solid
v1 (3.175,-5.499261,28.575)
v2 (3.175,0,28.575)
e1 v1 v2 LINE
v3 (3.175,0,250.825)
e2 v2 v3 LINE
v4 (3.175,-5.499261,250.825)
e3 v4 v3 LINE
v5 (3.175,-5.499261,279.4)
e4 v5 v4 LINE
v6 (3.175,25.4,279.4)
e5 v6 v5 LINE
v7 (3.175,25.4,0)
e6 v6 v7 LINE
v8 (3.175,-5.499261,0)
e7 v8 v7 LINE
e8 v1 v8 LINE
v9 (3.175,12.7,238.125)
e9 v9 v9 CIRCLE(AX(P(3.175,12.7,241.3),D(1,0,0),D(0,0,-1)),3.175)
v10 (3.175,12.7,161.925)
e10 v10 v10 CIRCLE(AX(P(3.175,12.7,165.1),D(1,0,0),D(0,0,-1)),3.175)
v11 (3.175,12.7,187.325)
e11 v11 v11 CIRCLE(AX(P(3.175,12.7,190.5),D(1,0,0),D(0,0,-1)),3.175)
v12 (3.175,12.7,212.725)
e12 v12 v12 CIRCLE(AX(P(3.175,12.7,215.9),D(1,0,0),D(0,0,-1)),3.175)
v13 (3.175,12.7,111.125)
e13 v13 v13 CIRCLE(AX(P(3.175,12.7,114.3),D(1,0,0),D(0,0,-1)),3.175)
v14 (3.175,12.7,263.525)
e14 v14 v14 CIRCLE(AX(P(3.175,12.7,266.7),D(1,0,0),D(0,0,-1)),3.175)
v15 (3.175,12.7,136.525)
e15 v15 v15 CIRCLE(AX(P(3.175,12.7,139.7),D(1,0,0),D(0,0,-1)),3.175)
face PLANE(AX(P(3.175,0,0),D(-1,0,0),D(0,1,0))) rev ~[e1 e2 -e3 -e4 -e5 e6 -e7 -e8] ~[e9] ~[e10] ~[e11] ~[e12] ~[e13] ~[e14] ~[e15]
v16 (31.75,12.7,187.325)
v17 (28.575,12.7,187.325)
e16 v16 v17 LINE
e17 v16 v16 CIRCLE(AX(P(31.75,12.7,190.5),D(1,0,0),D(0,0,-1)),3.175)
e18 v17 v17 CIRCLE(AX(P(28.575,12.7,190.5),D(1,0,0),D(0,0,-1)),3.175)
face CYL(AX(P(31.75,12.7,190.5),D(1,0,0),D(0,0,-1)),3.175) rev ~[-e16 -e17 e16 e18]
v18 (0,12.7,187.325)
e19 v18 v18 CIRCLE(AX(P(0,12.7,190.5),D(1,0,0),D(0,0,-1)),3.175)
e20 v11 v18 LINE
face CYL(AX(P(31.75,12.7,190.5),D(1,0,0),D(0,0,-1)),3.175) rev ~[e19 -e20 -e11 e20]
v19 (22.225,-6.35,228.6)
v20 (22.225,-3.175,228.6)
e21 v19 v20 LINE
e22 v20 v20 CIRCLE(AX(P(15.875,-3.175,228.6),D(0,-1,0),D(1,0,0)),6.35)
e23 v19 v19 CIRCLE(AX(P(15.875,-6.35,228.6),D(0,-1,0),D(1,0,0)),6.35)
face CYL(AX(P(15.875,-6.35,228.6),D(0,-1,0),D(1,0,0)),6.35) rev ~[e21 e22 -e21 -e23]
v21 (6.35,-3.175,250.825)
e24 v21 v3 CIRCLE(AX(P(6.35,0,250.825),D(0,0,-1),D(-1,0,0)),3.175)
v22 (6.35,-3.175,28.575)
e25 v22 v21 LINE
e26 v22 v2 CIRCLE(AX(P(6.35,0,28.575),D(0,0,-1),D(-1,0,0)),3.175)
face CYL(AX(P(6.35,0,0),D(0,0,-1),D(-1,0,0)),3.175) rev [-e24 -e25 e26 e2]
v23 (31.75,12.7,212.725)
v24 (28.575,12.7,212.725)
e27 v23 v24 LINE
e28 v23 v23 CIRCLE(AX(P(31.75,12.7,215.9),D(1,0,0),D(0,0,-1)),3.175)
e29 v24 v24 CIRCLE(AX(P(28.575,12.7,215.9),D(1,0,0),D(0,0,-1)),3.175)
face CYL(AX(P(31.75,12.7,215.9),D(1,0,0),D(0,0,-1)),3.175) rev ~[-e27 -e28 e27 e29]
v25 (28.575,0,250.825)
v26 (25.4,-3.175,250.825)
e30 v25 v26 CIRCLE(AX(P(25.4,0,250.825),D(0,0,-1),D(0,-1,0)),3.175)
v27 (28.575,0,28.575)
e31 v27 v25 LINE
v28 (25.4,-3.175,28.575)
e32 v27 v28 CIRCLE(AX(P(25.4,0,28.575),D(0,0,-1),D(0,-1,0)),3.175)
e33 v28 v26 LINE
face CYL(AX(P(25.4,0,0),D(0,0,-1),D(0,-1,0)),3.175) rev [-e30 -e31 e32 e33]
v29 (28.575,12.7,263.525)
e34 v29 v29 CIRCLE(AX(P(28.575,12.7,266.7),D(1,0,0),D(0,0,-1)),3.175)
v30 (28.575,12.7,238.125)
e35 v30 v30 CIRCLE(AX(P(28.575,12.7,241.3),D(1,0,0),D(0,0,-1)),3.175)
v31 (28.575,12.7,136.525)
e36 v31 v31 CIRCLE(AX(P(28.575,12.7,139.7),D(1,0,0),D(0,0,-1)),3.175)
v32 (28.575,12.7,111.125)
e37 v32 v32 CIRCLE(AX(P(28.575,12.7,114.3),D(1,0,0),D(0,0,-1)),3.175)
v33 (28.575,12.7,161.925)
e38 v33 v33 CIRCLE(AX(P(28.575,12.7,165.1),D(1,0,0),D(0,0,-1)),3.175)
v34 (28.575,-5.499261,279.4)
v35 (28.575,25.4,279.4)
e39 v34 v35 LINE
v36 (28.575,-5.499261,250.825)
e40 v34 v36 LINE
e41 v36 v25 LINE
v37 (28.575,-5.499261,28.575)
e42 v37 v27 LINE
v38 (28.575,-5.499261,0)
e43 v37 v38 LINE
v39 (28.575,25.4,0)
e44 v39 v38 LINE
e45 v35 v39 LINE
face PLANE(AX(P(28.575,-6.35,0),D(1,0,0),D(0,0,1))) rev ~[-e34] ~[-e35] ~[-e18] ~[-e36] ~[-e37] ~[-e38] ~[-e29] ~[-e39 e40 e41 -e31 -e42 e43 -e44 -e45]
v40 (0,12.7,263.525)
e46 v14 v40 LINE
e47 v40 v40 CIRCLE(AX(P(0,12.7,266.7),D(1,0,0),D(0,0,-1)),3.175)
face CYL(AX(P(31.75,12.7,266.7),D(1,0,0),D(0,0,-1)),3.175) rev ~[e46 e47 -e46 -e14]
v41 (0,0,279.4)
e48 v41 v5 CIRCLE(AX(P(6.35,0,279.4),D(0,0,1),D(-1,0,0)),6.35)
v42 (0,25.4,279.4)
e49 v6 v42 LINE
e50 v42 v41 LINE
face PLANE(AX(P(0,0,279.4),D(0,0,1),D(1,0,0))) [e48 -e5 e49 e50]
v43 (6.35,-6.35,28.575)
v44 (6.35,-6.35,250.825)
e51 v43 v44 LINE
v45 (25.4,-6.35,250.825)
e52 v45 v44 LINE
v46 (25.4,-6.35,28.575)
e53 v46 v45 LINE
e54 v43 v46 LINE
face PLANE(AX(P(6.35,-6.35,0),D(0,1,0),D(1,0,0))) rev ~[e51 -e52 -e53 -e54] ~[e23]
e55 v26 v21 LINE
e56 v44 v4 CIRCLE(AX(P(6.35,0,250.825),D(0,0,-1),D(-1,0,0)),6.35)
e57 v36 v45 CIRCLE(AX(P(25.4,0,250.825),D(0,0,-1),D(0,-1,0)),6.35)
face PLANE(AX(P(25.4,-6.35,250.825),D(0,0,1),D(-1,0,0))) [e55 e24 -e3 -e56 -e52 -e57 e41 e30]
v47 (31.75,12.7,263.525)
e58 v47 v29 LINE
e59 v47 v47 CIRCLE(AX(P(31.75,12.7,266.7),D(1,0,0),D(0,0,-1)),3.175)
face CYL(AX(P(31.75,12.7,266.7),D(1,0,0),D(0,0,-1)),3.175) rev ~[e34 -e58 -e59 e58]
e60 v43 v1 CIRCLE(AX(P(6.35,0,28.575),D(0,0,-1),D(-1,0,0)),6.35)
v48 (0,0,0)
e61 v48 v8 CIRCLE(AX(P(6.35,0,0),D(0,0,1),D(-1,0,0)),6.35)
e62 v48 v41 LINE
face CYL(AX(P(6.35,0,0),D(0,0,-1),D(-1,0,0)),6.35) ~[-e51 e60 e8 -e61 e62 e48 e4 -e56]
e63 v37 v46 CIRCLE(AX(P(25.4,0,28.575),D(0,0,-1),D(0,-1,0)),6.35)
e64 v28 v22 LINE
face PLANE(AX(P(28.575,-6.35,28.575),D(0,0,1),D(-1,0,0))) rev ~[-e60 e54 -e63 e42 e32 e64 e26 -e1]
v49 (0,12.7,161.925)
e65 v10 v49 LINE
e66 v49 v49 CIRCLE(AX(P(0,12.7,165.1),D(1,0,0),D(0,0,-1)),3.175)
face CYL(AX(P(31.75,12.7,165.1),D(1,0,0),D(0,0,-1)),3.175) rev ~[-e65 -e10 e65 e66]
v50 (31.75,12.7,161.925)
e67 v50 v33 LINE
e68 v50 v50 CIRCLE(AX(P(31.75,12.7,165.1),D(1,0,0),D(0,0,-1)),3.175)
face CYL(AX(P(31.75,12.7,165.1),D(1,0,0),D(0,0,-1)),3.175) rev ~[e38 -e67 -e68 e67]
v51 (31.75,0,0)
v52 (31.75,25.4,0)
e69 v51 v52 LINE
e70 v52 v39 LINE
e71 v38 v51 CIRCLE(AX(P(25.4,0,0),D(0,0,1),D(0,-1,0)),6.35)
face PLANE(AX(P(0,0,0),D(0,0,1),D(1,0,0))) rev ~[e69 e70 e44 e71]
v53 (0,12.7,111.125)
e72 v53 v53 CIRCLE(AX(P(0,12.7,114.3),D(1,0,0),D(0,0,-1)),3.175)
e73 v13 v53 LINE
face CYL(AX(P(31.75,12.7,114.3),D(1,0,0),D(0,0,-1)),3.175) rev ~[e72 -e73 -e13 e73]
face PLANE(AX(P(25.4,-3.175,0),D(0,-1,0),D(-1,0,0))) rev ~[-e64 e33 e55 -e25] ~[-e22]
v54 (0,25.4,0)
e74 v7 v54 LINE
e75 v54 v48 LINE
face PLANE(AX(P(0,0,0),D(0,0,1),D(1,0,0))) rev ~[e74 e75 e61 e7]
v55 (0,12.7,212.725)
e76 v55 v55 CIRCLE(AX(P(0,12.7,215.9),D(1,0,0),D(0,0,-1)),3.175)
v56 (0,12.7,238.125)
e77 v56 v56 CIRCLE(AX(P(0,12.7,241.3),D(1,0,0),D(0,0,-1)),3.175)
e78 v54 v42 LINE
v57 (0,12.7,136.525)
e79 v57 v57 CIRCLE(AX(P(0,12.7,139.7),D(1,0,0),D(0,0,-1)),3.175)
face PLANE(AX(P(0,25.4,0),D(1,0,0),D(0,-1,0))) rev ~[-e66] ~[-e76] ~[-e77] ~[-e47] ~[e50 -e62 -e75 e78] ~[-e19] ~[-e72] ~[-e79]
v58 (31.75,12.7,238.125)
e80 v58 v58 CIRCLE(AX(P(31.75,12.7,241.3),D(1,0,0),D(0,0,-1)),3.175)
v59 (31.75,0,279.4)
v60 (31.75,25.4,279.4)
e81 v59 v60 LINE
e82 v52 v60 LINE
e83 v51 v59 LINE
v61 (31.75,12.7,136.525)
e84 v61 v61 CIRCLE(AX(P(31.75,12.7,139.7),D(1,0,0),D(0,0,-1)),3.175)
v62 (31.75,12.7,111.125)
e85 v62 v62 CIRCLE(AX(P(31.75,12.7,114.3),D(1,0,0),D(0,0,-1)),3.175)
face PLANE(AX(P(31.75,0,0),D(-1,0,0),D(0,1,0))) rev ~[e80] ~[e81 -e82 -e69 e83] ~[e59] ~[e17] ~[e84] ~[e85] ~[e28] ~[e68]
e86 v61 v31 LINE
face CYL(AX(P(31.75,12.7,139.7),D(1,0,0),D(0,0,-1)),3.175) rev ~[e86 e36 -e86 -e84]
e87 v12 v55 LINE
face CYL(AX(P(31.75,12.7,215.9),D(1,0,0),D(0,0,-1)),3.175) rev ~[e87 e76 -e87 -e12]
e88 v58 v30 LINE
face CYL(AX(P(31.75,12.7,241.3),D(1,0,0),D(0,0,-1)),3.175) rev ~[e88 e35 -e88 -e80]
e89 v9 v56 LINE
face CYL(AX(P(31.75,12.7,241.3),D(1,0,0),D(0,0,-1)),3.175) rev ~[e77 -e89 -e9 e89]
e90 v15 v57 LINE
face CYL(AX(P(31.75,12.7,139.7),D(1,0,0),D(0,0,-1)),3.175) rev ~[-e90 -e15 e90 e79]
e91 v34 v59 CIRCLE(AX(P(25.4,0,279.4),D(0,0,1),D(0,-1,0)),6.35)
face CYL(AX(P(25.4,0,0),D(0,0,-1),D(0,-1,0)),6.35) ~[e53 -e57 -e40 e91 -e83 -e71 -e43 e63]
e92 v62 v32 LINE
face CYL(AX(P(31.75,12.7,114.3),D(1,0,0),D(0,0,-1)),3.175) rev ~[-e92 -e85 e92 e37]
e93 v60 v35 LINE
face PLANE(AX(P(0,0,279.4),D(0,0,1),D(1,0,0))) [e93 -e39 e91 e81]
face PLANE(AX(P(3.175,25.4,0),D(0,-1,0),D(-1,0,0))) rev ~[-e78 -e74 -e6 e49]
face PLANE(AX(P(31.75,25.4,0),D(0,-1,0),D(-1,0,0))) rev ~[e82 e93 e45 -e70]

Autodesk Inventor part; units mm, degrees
ref_plane "YZ Plane" through (0, 0, 0) normal (1, 0, 0) x (0, 1, 0)
ref_plane "XZ Plane" through (0, 0, 0) normal (0, 1, 0) x (-1, 0, 0)
ref_plane "XY Plane" through (0, 0, 0) normal (0, 0, 1) x (1, 0, 0)
sketch "Sketch1" plane through (0, 0, 0) normal (0, 0, 1) x (1, 0, 0)
  line L0 (0, 25.4) -> (0, 0)
  line L1 (6.35, -6.35) -> (25.4, -6.35)
  line L2 (31.75, 0) -> (31.75, 25.4)
  line L3 (31.75, 25.4) -> (28.575, 25.4)
  line L4 (28.575, 25.4) -> (28.575, 0)
  line L5 (25.4, -3.175) -> (6.35, -3.175)
  line L6 (3.175, 0) -> (3.175, 25.4)
  line L7 (3.175, 25.4) -> (0, 25.4)
  arc A0 (3.175, 0) -> (6.35, -3.175) centre (6.35, 0) ccw
  arc A1 (0, 0) -> (6.35, -6.35) centre (6.35, 0) ccw
  arc A2 (25.4, -3.175) -> (28.575, 0) centre (25.4, 0) ccw
  arc A3 (25.4, -6.35) -> (31.75, 0) centre (25.4, 0) ccw
  dimension "d0" = 3.175
  dimension "d1" = 25.4
  dimension "d2" = 25.4
  dimension "d3" = 3.175
extrude "Extrusion1" add sketch "Sketch1" along normal blind 279.4
sketch "Sketch2" plane through (31.75, 0, 0) normal (1, 0, 0) x (0, 0, -1)
  line L0 (-279.4, 25.4) -> (-279.4, 0) projected
  line L1 (0, 25.4) -> (-279.4, 25.4) projected
  circle A0 centre (-266.7, 12.7) radius 3.175
  dimension "d6" = 6.35
  dimension "d7" = 12.7
  dimension "d8" = 12.7
extrude "Extrusion2" cut sketch "Sketch2" against normal through all
pattern_linear "Rectangular Pattern1" count 7 spacing 25.4 along (0, 0, -1) of "Extrusion2"
sketch "Sketch3" plane through (6.35, -6.35, 0) normal (0, -1, 0) x (1, 0, 0)
  line L0 (19.05, 279.4) -> (0, 279.4) projected
  circle A0 centre (9.525, 228.6) radius 6.35
  point P0 (-6.35, 0)
  dimension "d14" = 12.7
  dimension "d15" = 50.8
extrude "Extrusion3" cut sketch "Sketch3" against normal up to next
sketch "Sketch4" plane through (6.35, -6.35, 0) normal (0, -1, 0) x (1, 0, 0)
  line L0 (19.05, 279.4) -> (0, 279.4) projected
  line L1 (0, 0) -> (0, 279.4) projected
  line L2 (0, 0) -> (19.05, 0) projected
  line L3 (19.05, 0) -> (19.05, 279.4) projected
  line L4 (-3.175, 279.4) -> (22.225, 279.4)
  line L5 (22.225, 279.4) -> (22.225, 250.825)
  line L6 (22.225, 250.825) -> (-3.175, 250.825)
  line L7 (-3.175, 250.825) -> (-3.175, 279.4)
  line L8 (-3.175, 165.9576) -> (0, 165.9576) construction
  line L9 (19.05, 165.9576) -> (22.225, 165.9576) construction
  line L10 (-3.175, 0) -> (22.225, 0)
  line L11 (22.225, 0) -> (22.225, 28.575)
  line L12 (22.225, 28.575) -> (-3.175, 28.575)
  line L13 (-3.175, 28.575) -> (-3.175, 0)
  line L14 (-6.35, 279.4) -> (-3.175, 279.4)
  line L15 (-3.175, 279.4) -> (-3.175, 250.825)
  line L16 (-3.175, 250.825) -> (-6.35, 250.825)
  line L17 (-6.35, 250.825) -> (-6.35, 279.4)
  point P0 (-6.35, 0)
  dimension "d18" = 25.4
  dimension "d19" = 28.575
  dimension "d20" = 0
  dimension "d21" = 0
extrude "Extrusion4" cut sketch "Sketch4" against normal through all contours L3 L6 L1 L0 | L4 L5 L6 L3 | L1 L6 L7 L4 | L12 L11 L10 L3 | L3 L2 L1 L12 | L1 L10 L13 L12
properties part number "Frame_OuterConveyorMount" material "Aluminum-6061"
